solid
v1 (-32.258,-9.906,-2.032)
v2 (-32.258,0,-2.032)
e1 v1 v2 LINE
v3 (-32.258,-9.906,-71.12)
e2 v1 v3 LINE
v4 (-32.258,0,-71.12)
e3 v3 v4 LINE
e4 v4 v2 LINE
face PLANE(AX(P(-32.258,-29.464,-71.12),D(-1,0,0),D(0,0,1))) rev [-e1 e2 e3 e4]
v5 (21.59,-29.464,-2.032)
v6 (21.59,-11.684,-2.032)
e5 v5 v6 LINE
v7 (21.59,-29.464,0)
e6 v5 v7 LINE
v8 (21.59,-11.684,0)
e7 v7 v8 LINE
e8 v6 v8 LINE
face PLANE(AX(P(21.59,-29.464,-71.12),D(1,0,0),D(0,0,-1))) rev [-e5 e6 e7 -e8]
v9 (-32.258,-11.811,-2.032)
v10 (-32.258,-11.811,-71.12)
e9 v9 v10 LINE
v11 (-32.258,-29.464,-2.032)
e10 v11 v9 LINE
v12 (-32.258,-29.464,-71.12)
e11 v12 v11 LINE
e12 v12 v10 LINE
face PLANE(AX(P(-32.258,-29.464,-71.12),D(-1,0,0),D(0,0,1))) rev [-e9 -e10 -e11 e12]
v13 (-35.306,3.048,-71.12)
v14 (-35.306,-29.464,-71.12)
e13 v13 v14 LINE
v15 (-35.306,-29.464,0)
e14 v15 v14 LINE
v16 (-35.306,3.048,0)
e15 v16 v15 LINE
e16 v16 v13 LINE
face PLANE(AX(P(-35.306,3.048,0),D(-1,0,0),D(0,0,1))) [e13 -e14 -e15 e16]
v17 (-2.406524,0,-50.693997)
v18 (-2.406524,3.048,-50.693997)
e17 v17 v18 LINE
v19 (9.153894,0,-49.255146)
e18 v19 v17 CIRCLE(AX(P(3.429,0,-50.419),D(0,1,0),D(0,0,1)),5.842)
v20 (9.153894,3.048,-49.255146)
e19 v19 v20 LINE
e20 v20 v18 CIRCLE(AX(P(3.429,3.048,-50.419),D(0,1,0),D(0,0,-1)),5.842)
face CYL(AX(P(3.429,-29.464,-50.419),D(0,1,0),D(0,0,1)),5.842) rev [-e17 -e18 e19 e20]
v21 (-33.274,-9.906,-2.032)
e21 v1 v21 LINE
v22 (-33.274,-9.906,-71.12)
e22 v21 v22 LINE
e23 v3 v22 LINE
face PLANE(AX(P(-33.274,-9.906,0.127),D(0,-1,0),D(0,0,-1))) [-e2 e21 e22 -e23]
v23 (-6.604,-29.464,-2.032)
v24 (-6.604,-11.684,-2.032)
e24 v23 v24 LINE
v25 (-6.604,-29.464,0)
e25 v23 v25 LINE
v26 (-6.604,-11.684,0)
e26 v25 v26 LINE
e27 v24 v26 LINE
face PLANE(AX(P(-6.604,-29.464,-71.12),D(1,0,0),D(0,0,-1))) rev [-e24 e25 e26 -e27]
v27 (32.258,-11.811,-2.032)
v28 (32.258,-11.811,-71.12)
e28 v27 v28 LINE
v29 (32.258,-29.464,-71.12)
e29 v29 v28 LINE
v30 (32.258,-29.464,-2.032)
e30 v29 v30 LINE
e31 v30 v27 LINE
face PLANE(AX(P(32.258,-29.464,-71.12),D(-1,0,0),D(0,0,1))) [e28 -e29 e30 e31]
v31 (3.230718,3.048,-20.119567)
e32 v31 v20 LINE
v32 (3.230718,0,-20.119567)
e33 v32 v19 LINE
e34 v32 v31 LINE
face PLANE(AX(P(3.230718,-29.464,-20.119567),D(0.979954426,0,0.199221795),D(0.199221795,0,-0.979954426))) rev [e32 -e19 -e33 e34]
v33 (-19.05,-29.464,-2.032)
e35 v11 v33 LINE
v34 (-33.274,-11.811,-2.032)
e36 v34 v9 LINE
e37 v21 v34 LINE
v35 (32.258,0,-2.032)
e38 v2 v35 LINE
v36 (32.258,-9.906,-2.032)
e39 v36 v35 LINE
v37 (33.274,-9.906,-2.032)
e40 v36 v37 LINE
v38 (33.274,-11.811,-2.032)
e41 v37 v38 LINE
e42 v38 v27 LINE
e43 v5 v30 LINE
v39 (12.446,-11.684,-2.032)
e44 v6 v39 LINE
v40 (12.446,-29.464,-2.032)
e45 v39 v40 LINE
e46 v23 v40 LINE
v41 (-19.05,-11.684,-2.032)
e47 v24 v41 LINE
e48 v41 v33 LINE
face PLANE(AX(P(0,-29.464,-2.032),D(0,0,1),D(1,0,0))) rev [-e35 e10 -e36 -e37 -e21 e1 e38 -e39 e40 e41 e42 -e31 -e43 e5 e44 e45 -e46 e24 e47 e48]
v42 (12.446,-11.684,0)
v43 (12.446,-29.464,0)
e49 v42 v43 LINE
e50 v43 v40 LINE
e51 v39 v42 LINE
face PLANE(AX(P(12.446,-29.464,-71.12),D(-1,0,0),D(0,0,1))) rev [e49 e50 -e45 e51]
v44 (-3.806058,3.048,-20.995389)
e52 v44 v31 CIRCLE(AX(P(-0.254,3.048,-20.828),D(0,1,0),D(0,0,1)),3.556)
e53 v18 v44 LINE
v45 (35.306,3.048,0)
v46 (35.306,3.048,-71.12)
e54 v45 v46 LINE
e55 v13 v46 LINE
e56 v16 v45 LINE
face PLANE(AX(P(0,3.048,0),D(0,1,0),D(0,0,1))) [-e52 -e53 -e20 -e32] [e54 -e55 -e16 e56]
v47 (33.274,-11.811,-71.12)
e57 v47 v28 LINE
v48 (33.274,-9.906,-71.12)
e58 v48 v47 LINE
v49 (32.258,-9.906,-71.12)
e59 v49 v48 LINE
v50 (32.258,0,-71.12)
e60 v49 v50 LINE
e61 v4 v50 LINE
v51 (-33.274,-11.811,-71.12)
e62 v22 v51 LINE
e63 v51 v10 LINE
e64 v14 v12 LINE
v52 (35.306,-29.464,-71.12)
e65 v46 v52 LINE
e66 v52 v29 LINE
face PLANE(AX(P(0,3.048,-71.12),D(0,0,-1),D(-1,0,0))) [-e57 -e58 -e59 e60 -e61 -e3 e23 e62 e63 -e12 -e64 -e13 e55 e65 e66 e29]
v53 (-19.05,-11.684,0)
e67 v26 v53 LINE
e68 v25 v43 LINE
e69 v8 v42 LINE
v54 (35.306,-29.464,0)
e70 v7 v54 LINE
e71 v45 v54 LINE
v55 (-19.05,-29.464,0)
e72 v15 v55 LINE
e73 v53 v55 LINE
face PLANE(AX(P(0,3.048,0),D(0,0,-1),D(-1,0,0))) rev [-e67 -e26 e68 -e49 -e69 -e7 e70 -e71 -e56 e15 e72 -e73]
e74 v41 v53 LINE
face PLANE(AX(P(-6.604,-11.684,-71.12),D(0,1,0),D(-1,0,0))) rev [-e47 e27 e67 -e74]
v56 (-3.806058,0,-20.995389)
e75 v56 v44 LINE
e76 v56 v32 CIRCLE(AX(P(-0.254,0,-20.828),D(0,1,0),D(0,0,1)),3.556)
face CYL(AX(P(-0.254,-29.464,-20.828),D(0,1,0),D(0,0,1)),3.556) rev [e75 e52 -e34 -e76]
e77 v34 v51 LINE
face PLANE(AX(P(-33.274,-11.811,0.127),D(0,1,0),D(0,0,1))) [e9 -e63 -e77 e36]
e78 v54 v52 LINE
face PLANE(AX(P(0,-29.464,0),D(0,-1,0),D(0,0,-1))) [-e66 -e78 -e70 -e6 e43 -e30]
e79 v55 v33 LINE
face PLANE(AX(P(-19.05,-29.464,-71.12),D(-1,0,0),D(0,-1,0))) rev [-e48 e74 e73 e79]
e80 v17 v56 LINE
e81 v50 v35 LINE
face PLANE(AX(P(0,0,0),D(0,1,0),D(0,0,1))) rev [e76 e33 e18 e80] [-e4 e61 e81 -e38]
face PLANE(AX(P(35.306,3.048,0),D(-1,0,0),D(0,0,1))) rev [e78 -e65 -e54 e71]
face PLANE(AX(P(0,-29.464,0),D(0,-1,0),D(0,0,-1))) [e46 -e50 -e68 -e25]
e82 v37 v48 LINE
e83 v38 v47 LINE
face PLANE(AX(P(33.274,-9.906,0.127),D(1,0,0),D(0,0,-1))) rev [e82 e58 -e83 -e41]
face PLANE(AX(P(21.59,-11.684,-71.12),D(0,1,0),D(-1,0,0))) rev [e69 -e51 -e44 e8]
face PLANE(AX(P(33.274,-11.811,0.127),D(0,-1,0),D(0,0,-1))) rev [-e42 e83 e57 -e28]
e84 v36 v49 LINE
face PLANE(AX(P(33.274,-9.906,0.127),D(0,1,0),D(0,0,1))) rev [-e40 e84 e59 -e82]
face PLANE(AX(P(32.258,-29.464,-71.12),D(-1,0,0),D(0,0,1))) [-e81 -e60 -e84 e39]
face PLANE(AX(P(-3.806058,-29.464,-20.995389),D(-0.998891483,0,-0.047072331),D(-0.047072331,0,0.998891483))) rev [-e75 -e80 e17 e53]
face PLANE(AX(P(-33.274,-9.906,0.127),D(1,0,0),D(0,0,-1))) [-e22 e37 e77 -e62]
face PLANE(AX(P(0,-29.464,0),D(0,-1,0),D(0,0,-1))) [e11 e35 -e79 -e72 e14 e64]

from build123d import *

# Parameters (mm, degrees)
SKETCH2_W           = 35.306
SKETCH2_H           = 71.12
BOSS_EXTRUDE1_DEPTH = 3.048
SKETCH6_W           = 35.306
SKETCH6_H           = 2.032
BOSS_EXTRUDE3_DEPTH = 29.464
SKETCH3_W           = 3.048
SKETCH3_H           = 69.088
BOSS_EXTRUDE2_DEPTH = 29.464
SKETCH4_W           = 1.016
SKETCH4_H           = 1.905
CUT_EXTRUDE1_DEPTH  = 69.088
CUT_EXTRUDE2_DEPTH  = 86.799756293
SKETCH8_W           = 12.446
SKETCH8_H           = 17.78
SKETCH8_W_2         = 9.144
CUT_EXTRUDE3_DEPTH  = 85.691766613


with BuildPart() as part:
    # Sketch2 → Boss-Extrude1 (new body)
    with BuildSketch(Plane(origin=(0, 0, 0), x_dir=(1, 0, 0), z_dir=(0, 1, 0))):
        with Locations((17.653, 35.56)):
            Rectangle(SKETCH2_W, SKETCH2_H)
    boss_extrude1 = extrude(amount=BOSS_EXTRUDE1_DEPTH)

    # Sketch6 → Boss-Extrude3 (add)
    with BuildSketch(Plane.XZ):
        with Locations((17.653, -1.016)):
            Rectangle(SKETCH6_W, SKETCH6_H)
    boss_extrude3 = extrude(amount=BOSS_EXTRUDE3_DEPTH)

    # Sketch3 → Boss-Extrude2 (add)
    with BuildSketch(Plane.XZ):
        with Locations((33.782, -36.576)):
            Rectangle(SKETCH3_W, SKETCH3_H)
    boss_extrude2 = extrude(amount=BOSS_EXTRUDE2_DEPTH)

    # Sketch4 → Cut-Extrude1 (cut)
    with BuildSketch(Plane(origin=(0, 0, -71.12), x_dir=(-1, 0, 0), z_dir=(0, 0, -1))):
        with Locations((-32.766, -10.8585)):
            Rectangle(SKETCH4_W, SKETCH4_H)
    cut_extrude1 = extrude(amount=-CUT_EXTRUDE1_DEPTH, mode=Mode.SUBTRACT)

    # Mirror1: Boss-Extrude1, Boss-Extrude3, Boss-Extrude2, Cut-Extrude1 across plane
    add(boss_extrude1.mirror(Plane(origin=(0, 3.048, 0), x_dir=(0, 0, 1), z_dir=(-1, 0, 0))))
    add(boss_extrude3.mirror(Plane(origin=(0, 3.048, 0), x_dir=(0, 0, 1), z_dir=(-1, 0, 0))))
    add(boss_extrude2.mirror(Plane(origin=(0, 3.048, 0), x_dir=(0, 0, 1), z_dir=(-1, 0, 0))))
    add(cut_extrude1.mirror(Plane(origin=(0, 3.048, 0), x_dir=(0, 0, 1), z_dir=(-1, 0, 0))), mode=Mode.SUBTRACT)

    # Sketch7 → Cut-Extrude2 (cut, through all)
    with BuildSketch(Plane(origin=(0, 3.048, 0), x_dir=(1, 0, 0), z_dir=(0, 1, 0))):
        with BuildLine():
            Line((3.230717937, 20.119567295), (9.153893754, 49.255146271))
            ThreePointArc((9.153893754, 49.255146271), (4.150548543, 56.216269331), (-2.406524046, 50.693996555))
            Line((-2.406524046, 50.693996555), (-3.806058115, 20.995389207))
            ThreePointArc((-3.806058115, 20.995389207), (-0.693203461, 17.299227364), (3.230717937, 20.119567295))
        make_face()
    extrude(amount=-CUT_EXTRUDE2_DEPTH, mode=Mode.SUBTRACT)

    # Sketch8 → Cut-Extrude3 (cut, through all)
    with BuildSketch(Plane.XY):
        with Locations((-12.827, -20.574)):
            Rectangle(SKETCH8_W, SKETCH8_H)
        with Locations((17.018, -20.574)):
            Rectangle(SKETCH8_W_2, SKETCH8_H)
    extrude(amount=-CUT_EXTRUDE3_DEPTH, mode=Mode.SUBTRACT)


solid = part.part
